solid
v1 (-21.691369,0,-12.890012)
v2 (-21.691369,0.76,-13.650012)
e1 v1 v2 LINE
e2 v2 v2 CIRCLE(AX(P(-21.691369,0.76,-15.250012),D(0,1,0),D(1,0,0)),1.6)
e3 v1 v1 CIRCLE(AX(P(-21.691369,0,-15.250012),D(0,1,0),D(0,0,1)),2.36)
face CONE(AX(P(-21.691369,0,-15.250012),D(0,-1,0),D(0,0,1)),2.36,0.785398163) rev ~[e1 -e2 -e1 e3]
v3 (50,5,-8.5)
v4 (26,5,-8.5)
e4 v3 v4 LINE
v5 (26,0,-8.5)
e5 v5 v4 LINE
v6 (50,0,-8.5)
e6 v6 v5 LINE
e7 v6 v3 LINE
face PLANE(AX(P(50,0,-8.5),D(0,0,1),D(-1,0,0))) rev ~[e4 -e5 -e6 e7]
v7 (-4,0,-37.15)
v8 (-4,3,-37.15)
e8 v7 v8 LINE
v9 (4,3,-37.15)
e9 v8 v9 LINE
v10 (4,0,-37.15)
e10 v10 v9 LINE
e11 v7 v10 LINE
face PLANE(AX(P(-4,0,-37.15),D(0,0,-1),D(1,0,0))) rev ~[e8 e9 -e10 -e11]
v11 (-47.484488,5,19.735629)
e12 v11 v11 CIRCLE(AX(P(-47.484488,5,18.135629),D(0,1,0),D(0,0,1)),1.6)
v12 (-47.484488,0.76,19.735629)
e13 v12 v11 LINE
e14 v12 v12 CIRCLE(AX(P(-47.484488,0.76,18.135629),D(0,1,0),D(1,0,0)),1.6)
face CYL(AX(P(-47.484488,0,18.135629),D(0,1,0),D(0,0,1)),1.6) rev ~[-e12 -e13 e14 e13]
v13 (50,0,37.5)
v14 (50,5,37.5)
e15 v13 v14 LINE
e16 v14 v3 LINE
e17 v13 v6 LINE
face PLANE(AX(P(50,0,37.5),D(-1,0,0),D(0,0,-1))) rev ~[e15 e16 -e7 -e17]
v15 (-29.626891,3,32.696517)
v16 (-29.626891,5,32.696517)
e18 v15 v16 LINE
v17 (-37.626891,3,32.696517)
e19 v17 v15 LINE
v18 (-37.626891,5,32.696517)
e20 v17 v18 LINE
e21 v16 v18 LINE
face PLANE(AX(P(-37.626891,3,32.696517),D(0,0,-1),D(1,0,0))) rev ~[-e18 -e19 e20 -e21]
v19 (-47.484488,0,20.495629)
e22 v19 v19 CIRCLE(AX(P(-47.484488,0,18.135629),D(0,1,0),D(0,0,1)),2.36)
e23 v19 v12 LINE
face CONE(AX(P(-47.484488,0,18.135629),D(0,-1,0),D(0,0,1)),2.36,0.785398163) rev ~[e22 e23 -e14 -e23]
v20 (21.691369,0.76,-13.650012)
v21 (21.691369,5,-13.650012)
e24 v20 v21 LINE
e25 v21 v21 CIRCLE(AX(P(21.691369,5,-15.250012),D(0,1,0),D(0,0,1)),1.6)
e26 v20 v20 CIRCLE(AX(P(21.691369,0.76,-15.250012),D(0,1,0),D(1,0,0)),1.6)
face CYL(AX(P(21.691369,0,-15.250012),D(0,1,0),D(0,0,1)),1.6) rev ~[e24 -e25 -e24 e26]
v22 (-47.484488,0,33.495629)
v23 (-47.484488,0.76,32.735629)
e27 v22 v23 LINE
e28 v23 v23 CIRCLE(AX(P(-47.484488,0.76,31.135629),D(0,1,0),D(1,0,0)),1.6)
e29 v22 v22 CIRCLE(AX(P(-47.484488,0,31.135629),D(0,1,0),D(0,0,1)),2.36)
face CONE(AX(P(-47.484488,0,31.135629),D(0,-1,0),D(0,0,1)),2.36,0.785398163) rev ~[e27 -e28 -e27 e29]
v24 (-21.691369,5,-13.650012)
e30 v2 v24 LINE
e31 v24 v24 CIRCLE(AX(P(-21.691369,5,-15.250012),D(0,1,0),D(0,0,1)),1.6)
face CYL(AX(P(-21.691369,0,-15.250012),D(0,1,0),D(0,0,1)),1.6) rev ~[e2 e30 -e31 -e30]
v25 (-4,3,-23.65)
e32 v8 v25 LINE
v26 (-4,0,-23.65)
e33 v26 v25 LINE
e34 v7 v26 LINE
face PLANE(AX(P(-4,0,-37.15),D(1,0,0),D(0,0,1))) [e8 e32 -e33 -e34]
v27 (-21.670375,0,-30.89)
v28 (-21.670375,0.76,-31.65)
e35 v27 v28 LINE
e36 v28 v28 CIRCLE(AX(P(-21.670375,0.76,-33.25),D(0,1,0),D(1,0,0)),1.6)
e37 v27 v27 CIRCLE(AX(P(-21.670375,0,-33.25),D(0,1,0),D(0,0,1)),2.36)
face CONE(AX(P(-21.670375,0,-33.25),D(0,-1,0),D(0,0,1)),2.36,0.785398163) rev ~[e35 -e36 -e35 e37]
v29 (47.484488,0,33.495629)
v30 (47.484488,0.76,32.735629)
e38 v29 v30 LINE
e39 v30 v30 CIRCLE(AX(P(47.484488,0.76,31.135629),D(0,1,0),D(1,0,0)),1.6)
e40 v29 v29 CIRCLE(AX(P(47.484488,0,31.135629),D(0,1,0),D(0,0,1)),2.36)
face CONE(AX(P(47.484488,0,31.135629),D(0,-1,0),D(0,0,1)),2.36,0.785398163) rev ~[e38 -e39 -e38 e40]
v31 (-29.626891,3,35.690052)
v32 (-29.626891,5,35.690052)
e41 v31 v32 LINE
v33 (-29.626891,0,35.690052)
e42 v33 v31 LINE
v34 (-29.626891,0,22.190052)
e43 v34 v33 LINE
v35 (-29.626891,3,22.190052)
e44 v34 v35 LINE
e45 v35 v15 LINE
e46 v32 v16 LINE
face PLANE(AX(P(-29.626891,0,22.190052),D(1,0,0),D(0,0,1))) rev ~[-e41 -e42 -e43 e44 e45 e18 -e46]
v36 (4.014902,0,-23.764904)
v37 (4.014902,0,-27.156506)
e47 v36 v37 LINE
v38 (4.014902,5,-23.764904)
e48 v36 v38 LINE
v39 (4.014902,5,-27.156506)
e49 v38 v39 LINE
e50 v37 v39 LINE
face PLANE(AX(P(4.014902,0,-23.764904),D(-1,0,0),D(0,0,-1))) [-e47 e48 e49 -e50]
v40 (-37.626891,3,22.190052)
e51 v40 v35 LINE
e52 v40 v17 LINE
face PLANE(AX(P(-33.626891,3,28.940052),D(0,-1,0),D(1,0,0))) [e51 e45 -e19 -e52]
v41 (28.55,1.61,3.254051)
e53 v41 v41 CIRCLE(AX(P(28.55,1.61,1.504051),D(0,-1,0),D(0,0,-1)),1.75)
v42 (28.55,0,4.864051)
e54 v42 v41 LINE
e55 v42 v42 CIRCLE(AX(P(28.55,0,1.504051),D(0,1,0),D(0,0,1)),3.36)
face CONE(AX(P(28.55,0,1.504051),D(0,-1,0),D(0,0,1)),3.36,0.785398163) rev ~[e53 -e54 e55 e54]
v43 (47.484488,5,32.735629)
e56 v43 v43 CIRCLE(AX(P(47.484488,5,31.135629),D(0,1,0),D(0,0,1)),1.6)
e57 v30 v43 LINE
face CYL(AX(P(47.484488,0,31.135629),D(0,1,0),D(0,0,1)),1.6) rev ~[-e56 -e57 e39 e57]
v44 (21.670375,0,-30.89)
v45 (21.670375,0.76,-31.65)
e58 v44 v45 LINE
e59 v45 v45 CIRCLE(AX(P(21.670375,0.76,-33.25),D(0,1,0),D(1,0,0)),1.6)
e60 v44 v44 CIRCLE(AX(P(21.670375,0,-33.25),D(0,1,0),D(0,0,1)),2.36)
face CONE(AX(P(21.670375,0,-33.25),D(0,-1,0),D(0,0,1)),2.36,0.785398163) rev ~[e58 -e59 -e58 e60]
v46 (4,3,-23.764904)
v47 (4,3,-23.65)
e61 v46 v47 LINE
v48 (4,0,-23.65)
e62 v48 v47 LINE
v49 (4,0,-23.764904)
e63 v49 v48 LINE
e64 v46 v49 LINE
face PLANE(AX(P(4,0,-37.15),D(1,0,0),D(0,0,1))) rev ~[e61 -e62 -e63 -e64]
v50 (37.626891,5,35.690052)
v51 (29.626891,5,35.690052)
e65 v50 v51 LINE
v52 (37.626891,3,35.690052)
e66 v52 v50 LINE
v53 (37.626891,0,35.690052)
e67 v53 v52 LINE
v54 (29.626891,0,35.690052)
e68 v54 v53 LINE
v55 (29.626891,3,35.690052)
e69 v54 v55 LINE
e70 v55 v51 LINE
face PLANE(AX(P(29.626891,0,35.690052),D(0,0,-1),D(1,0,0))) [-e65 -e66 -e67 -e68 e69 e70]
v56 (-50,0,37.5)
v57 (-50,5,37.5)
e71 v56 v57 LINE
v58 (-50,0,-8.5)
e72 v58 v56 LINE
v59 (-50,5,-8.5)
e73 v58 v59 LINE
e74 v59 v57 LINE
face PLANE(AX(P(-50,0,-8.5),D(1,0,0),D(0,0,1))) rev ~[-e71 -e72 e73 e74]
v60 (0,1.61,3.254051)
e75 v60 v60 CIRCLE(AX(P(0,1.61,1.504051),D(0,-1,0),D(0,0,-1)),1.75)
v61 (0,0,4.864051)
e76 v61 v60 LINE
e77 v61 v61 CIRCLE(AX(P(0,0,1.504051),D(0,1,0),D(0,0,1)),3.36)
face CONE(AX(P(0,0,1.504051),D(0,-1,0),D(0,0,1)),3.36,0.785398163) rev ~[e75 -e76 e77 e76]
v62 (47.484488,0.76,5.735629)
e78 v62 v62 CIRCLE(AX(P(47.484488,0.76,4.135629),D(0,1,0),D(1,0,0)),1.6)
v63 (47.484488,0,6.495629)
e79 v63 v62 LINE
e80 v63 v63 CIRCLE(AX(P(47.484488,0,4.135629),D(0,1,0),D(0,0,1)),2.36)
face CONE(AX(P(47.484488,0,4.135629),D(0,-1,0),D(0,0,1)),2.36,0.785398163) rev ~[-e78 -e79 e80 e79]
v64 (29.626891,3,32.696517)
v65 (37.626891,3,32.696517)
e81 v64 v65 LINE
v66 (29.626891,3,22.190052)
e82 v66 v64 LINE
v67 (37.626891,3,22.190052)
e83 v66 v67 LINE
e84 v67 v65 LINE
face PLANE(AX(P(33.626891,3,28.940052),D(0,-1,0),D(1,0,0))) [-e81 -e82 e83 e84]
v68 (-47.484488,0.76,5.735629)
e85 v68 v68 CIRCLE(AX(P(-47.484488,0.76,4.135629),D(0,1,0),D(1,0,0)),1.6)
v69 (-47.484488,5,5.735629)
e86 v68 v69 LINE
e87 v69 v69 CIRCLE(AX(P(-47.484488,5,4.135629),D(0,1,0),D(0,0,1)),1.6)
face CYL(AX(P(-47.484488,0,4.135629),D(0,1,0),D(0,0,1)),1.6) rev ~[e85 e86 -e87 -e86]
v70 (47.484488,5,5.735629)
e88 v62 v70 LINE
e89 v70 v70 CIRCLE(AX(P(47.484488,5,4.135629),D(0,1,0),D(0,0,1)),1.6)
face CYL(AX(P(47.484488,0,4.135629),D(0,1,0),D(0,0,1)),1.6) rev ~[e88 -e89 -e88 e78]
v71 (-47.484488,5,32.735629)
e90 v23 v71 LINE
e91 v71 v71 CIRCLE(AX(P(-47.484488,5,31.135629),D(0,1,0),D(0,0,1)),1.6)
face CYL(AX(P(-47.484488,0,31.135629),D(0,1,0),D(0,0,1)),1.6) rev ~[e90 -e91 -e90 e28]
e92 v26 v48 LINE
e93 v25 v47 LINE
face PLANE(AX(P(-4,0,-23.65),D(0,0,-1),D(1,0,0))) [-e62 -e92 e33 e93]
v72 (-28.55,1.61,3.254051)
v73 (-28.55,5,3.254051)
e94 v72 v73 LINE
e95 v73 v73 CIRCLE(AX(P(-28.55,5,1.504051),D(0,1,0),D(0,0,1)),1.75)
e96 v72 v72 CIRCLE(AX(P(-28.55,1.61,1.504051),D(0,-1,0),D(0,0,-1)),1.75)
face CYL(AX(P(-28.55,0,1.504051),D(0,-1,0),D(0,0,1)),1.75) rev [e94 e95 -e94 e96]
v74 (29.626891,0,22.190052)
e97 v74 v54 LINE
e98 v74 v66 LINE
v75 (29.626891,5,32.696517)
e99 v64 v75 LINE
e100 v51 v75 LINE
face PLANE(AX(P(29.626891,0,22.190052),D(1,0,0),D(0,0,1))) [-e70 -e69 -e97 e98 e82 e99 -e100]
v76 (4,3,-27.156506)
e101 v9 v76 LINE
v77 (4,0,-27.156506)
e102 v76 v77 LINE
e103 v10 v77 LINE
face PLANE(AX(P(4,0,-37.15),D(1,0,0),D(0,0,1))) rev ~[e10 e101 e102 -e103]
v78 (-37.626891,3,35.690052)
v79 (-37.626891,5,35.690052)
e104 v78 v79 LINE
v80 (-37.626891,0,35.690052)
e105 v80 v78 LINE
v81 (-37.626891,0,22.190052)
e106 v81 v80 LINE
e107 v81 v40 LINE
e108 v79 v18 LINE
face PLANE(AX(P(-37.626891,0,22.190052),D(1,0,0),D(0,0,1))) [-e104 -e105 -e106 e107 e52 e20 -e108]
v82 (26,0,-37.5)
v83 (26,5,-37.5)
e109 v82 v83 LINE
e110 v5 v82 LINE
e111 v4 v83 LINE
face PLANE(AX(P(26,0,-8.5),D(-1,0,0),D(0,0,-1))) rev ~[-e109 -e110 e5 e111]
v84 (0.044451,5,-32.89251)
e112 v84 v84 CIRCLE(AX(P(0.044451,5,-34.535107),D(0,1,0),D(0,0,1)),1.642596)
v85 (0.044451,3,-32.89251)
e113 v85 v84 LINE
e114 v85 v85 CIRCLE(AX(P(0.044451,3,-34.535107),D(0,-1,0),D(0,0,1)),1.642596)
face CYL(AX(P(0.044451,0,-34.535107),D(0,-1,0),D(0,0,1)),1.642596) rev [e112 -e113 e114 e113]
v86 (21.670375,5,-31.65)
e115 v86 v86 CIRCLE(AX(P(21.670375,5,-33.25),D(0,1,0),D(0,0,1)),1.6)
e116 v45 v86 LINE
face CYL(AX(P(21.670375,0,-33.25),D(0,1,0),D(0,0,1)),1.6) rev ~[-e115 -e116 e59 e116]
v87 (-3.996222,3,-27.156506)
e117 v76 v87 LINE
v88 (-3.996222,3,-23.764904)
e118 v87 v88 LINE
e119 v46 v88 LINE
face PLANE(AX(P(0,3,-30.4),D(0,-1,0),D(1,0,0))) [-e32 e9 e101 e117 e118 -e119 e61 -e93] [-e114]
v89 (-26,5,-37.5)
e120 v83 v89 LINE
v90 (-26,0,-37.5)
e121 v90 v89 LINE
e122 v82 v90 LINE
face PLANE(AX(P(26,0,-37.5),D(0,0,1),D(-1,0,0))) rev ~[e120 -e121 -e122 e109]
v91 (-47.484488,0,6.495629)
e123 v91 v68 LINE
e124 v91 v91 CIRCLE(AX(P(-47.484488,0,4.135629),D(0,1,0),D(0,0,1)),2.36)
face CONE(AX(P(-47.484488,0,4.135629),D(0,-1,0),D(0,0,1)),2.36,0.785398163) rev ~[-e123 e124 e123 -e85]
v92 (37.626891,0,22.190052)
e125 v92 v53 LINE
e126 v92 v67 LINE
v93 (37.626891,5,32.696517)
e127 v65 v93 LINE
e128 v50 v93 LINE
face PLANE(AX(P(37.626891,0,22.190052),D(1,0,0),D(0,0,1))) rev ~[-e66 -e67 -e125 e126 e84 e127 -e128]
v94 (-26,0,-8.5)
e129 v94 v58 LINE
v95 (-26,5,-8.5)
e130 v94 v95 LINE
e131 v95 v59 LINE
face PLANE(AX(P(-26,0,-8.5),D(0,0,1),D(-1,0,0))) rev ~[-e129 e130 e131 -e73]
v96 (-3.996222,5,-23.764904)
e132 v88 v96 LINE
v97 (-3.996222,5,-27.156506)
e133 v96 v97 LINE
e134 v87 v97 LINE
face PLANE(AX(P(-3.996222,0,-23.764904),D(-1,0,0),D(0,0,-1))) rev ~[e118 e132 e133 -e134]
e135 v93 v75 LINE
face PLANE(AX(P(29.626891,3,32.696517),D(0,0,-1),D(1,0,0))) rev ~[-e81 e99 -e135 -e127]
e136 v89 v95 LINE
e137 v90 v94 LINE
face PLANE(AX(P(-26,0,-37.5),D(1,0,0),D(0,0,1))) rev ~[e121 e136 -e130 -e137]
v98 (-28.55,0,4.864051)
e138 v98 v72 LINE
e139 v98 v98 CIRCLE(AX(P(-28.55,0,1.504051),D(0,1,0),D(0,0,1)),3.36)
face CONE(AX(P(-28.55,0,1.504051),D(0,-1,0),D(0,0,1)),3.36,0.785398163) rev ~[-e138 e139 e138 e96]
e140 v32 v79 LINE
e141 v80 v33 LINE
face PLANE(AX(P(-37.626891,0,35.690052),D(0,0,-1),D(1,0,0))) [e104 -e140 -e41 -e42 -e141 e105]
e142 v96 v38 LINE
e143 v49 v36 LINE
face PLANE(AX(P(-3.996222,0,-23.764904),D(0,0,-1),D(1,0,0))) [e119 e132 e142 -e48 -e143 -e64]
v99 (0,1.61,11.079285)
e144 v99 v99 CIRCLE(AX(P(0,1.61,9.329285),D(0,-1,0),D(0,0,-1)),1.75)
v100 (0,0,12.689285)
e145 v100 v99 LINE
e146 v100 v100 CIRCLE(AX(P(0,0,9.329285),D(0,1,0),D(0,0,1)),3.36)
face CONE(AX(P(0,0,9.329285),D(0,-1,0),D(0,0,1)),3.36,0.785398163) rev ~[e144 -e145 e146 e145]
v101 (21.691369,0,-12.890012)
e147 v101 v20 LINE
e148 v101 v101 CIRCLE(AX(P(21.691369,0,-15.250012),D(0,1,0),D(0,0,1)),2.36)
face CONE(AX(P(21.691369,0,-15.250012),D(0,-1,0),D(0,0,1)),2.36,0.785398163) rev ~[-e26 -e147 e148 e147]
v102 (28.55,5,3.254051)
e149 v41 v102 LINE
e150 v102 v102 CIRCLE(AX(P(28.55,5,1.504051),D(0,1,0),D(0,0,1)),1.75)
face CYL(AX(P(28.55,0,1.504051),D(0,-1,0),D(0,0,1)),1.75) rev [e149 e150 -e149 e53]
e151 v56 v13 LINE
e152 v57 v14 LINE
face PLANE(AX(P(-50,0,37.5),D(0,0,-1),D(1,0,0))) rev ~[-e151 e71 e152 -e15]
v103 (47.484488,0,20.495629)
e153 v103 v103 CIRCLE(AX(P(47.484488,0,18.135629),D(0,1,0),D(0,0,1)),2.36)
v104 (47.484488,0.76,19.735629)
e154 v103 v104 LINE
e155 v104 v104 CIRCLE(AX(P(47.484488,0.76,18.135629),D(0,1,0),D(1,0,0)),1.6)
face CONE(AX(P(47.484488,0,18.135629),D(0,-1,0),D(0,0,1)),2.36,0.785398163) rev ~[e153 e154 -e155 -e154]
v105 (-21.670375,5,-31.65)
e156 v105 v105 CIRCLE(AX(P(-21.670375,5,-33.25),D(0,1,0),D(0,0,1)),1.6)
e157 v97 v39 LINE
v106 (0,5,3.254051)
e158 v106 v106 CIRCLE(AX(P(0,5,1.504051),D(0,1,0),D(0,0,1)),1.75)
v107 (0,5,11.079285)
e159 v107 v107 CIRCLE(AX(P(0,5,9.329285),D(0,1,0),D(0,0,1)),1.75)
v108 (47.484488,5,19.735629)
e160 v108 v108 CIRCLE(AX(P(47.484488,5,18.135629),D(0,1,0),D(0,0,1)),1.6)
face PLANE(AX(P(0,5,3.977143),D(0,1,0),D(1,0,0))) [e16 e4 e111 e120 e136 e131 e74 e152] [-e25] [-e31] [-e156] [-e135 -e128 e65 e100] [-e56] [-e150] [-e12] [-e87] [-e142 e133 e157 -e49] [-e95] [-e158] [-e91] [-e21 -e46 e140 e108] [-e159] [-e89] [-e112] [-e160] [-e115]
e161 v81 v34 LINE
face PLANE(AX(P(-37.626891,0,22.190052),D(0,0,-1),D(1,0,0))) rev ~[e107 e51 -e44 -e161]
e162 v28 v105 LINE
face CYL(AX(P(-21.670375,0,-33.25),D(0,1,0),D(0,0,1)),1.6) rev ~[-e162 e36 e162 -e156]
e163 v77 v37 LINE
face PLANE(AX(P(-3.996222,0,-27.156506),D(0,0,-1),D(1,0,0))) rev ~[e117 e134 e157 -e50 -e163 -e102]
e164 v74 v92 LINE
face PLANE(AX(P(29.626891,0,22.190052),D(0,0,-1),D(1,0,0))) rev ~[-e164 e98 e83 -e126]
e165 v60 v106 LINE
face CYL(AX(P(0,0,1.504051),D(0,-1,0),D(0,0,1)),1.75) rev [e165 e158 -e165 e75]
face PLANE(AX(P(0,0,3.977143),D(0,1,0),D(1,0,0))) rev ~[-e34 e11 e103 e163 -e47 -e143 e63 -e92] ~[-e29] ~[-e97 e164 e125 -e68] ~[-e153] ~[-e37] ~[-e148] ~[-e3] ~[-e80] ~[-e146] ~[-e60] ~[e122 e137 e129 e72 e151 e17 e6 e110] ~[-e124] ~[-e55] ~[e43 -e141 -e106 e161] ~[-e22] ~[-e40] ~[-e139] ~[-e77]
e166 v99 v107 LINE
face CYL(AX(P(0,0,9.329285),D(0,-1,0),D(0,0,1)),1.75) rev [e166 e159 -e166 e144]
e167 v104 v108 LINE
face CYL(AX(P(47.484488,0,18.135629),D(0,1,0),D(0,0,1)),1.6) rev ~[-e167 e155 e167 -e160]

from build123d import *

# Parameters (mm, degrees)
CROQUIS1_R                                           = 1.5
CROQUIS1_R_2                                         = 1.75
CROQUIS1_W                                           = 8.011123414
CROQUIS1_H                                           = 3.391601998
CROQUIS1_R_3                                         = 1.642596358
SALIENTE_EXTRUIR1_DEPTH                              = 5
REFRENTADO_PARA_TORNILLO_TAP_N_CON_CABEZ_D           = 3.2
REFRENTADO_PARA_TORNILLO_TAP_N_CON_CABEZ_CSINK_D     = 4.72
REFRENTADO_PARA_TORNILLO_TAP_N_CON_CABEZ_CSINK_ANGLE = 90
REFRENTADO_PARA_TORNILLO_TAP_N_CON_C_2_D             = 3.2
REFRENTADO_PARA_TORNILLO_TAP_N_CON_C_2_CSINK_D       = 6.72
REFRENTADO_PARA_TORNILLO_TAP_N_CON_C_2_CSINK_ANGLE   = 90
CROQUIS7_W                                           = 8
CROQUIS7_H                                           = 13.5
CORTAR_EXTRUIR1_DEPTH                                = 3
CROQUIS8_W                                           = 8
CROQUIS8_H                                           = 2.993534549
CORTAR_EXTRUIR2_DEPTH                                = 10


with BuildPart() as part:
    # Croquis1 → Saliente-Extruir1 (new body)
    with BuildSketch(Plane(origin=(0, 0, 0), x_dir=(1, 0, 0), z_dir=(0, 1, 0))):
        Polygon((-26, 8.5), (-50, 8.5), (-50, -37.5), (50, -37.5), (50, 8.5), (26, 8.5), (26, 37.5), (-26, 37.5), align=None)
        with Locations(Location((-47.484488335, -31.135629499, 0), (0, 0, 270))):
            Circle(CROQUIS1_R, mode=Mode.SUBTRACT)
        with Locations(Location((-47.484488335, -18.135629499, 0), (0, 0, 270))):
            Circle(CROQUIS1_R, mode=Mode.SUBTRACT)
        with Locations(Location((0, -9.329285485, 0), (0, 0, 270))):
            Circle(CROQUIS1_R_2, mode=Mode.SUBTRACT)
        with Locations(Location((47.484488335, -31.135629499, 0), (0, 0, 270))):
            Circle(CROQUIS1_R, mode=Mode.SUBTRACT)
        with Locations(Location((47.484488335, -18.135629499, 0), (0, 0, 270))):
            Circle(CROQUIS1_R, mode=Mode.SUBTRACT)
        with Locations(Location((-47.484488335, -4.135629499, 0), (0, 0, 270))):
            Circle(CROQUIS1_R, mode=Mode.SUBTRACT)
        with Locations(Location((-28.55, -1.504051409, 0), (0, 0, 270))):
            Circle(CROQUIS1_R_2, mode=Mode.SUBTRACT)
        with Locations(Location((0, -1.504051409, 0), (0, 0, 270))):
            Circle(CROQUIS1_R_2, mode=Mode.SUBTRACT)
        with Locations(Location((-21.691369475, 15.250012243, 0), (0, 0, 270))):
            Circle(CROQUIS1_R, mode=Mode.SUBTRACT)
        with Locations(Location((-21.670375076, 33.25, 0), (0, 0, 270))):
            Circle(CROQUIS1_R, mode=Mode.SUBTRACT)
        with Locations(Location((21.691369475, 15.250012243, 0), (0, 0, 270))):
            Circle(CROQUIS1_R, mode=Mode.SUBTRACT)
        with Locations(Location((28.55, -1.504051409, 0), (0, 0, 270))):
            Circle(CROQUIS1_R_2, mode=Mode.SUBTRACT)
        with Locations(Location((47.484488335, -4.135629499, 0), (0, 0, 270))):
            Circle(CROQUIS1_R, mode=Mode.SUBTRACT)
        with Locations((0.009339911, 25.460705384)):
            Rectangle(CROQUIS1_W, CROQUIS1_H, mode=Mode.SUBTRACT)
        with Locations(Location((0.044450606, 34.53510664, 0), (0, 0, 270))):
            Circle(CROQUIS1_R_3, mode=Mode.SUBTRACT)
        with Locations(Location((21.670375076, 33.25, 0), (0, 0, 270))):
            Circle(CROQUIS1_R, mode=Mode.SUBTRACT)
    extrude(amount=SALIENTE_EXTRUIR1_DEPTH)

    # Refrentado para tornillo tap_n con cabez (through all)
    with Locations(Plane(origin=(47.484488335, 0, 4.135629499), x_dir=(0, 0, -1), z_dir=(0, -1, 0))):
        with Locations((0, 0), (-14, 0), (-27, 0), (-27, -94.96897667), (-14, -94.96897667), (0, -94.96897667), (19.385641742, -69.17585781), (19.385641742, -25.79311886), (37.385629499, -25.814113259), (38.670736139, -47.440037729), (37.385629499, -69.154863411)):
            CounterSinkHole(REFRENTADO_PARA_TORNILLO_TAP_N_CON_CABEZ_D / 2, REFRENTADO_PARA_TORNILLO_TAP_N_CON_CABEZ_CSINK_D / 2, counter_sink_angle=REFRENTADO_PARA_TORNILLO_TAP_N_CON_CABEZ_CSINK_ANGLE)

    # Refrentado para tornillo tap_n con c 2 (through all)
    with Locations(Plane(origin=(28.55, 0, 1.504051409), x_dir=(0, 0, -1), z_dir=(0, -1, 0))):
        with Locations((0, 0), (-7.825234076, -28.55), (0, -28.55), (0, -57.1)):
            CounterSinkHole(REFRENTADO_PARA_TORNILLO_TAP_N_CON_C_2_D / 2, REFRENTADO_PARA_TORNILLO_TAP_N_CON_C_2_CSINK_D / 2, counter_sink_angle=REFRENTADO_PARA_TORNILLO_TAP_N_CON_C_2_CSINK_ANGLE)

    # Croquis7 → Cortar-Extruir1 (cut)
    with BuildSketch(Plane.XZ):
        with Locations((-33.626890672, 28.94005161)):
            Rectangle(CROQUIS7_W, CROQUIS7_H)
        with Locations((0, -30.4)):
            Rectangle(CROQUIS7_W, CROQUIS7_H)
        with Locations((33.626890672, 28.94005161)):
            Rectangle(CROQUIS7_W, CROQUIS7_H)
    extrude(amount=-CORTAR_EXTRUIR1_DEPTH, mode=Mode.SUBTRACT)

    # Croquis8 → Cortar-Extruir2 (cut)
    with BuildSketch(Plane.XZ.offset(-3)):
        with Locations((-33.626890672, 34.193284336)):
            Rectangle(CROQUIS8_W, CROQUIS8_H)
        with Locations((33.626890672, 34.193284336)):
            Rectangle(CROQUIS8_W, CROQUIS8_H)
    extrude(amount=-CORTAR_EXTRUIR2_DEPTH, mode=Mode.SUBTRACT)


solid = part.part
